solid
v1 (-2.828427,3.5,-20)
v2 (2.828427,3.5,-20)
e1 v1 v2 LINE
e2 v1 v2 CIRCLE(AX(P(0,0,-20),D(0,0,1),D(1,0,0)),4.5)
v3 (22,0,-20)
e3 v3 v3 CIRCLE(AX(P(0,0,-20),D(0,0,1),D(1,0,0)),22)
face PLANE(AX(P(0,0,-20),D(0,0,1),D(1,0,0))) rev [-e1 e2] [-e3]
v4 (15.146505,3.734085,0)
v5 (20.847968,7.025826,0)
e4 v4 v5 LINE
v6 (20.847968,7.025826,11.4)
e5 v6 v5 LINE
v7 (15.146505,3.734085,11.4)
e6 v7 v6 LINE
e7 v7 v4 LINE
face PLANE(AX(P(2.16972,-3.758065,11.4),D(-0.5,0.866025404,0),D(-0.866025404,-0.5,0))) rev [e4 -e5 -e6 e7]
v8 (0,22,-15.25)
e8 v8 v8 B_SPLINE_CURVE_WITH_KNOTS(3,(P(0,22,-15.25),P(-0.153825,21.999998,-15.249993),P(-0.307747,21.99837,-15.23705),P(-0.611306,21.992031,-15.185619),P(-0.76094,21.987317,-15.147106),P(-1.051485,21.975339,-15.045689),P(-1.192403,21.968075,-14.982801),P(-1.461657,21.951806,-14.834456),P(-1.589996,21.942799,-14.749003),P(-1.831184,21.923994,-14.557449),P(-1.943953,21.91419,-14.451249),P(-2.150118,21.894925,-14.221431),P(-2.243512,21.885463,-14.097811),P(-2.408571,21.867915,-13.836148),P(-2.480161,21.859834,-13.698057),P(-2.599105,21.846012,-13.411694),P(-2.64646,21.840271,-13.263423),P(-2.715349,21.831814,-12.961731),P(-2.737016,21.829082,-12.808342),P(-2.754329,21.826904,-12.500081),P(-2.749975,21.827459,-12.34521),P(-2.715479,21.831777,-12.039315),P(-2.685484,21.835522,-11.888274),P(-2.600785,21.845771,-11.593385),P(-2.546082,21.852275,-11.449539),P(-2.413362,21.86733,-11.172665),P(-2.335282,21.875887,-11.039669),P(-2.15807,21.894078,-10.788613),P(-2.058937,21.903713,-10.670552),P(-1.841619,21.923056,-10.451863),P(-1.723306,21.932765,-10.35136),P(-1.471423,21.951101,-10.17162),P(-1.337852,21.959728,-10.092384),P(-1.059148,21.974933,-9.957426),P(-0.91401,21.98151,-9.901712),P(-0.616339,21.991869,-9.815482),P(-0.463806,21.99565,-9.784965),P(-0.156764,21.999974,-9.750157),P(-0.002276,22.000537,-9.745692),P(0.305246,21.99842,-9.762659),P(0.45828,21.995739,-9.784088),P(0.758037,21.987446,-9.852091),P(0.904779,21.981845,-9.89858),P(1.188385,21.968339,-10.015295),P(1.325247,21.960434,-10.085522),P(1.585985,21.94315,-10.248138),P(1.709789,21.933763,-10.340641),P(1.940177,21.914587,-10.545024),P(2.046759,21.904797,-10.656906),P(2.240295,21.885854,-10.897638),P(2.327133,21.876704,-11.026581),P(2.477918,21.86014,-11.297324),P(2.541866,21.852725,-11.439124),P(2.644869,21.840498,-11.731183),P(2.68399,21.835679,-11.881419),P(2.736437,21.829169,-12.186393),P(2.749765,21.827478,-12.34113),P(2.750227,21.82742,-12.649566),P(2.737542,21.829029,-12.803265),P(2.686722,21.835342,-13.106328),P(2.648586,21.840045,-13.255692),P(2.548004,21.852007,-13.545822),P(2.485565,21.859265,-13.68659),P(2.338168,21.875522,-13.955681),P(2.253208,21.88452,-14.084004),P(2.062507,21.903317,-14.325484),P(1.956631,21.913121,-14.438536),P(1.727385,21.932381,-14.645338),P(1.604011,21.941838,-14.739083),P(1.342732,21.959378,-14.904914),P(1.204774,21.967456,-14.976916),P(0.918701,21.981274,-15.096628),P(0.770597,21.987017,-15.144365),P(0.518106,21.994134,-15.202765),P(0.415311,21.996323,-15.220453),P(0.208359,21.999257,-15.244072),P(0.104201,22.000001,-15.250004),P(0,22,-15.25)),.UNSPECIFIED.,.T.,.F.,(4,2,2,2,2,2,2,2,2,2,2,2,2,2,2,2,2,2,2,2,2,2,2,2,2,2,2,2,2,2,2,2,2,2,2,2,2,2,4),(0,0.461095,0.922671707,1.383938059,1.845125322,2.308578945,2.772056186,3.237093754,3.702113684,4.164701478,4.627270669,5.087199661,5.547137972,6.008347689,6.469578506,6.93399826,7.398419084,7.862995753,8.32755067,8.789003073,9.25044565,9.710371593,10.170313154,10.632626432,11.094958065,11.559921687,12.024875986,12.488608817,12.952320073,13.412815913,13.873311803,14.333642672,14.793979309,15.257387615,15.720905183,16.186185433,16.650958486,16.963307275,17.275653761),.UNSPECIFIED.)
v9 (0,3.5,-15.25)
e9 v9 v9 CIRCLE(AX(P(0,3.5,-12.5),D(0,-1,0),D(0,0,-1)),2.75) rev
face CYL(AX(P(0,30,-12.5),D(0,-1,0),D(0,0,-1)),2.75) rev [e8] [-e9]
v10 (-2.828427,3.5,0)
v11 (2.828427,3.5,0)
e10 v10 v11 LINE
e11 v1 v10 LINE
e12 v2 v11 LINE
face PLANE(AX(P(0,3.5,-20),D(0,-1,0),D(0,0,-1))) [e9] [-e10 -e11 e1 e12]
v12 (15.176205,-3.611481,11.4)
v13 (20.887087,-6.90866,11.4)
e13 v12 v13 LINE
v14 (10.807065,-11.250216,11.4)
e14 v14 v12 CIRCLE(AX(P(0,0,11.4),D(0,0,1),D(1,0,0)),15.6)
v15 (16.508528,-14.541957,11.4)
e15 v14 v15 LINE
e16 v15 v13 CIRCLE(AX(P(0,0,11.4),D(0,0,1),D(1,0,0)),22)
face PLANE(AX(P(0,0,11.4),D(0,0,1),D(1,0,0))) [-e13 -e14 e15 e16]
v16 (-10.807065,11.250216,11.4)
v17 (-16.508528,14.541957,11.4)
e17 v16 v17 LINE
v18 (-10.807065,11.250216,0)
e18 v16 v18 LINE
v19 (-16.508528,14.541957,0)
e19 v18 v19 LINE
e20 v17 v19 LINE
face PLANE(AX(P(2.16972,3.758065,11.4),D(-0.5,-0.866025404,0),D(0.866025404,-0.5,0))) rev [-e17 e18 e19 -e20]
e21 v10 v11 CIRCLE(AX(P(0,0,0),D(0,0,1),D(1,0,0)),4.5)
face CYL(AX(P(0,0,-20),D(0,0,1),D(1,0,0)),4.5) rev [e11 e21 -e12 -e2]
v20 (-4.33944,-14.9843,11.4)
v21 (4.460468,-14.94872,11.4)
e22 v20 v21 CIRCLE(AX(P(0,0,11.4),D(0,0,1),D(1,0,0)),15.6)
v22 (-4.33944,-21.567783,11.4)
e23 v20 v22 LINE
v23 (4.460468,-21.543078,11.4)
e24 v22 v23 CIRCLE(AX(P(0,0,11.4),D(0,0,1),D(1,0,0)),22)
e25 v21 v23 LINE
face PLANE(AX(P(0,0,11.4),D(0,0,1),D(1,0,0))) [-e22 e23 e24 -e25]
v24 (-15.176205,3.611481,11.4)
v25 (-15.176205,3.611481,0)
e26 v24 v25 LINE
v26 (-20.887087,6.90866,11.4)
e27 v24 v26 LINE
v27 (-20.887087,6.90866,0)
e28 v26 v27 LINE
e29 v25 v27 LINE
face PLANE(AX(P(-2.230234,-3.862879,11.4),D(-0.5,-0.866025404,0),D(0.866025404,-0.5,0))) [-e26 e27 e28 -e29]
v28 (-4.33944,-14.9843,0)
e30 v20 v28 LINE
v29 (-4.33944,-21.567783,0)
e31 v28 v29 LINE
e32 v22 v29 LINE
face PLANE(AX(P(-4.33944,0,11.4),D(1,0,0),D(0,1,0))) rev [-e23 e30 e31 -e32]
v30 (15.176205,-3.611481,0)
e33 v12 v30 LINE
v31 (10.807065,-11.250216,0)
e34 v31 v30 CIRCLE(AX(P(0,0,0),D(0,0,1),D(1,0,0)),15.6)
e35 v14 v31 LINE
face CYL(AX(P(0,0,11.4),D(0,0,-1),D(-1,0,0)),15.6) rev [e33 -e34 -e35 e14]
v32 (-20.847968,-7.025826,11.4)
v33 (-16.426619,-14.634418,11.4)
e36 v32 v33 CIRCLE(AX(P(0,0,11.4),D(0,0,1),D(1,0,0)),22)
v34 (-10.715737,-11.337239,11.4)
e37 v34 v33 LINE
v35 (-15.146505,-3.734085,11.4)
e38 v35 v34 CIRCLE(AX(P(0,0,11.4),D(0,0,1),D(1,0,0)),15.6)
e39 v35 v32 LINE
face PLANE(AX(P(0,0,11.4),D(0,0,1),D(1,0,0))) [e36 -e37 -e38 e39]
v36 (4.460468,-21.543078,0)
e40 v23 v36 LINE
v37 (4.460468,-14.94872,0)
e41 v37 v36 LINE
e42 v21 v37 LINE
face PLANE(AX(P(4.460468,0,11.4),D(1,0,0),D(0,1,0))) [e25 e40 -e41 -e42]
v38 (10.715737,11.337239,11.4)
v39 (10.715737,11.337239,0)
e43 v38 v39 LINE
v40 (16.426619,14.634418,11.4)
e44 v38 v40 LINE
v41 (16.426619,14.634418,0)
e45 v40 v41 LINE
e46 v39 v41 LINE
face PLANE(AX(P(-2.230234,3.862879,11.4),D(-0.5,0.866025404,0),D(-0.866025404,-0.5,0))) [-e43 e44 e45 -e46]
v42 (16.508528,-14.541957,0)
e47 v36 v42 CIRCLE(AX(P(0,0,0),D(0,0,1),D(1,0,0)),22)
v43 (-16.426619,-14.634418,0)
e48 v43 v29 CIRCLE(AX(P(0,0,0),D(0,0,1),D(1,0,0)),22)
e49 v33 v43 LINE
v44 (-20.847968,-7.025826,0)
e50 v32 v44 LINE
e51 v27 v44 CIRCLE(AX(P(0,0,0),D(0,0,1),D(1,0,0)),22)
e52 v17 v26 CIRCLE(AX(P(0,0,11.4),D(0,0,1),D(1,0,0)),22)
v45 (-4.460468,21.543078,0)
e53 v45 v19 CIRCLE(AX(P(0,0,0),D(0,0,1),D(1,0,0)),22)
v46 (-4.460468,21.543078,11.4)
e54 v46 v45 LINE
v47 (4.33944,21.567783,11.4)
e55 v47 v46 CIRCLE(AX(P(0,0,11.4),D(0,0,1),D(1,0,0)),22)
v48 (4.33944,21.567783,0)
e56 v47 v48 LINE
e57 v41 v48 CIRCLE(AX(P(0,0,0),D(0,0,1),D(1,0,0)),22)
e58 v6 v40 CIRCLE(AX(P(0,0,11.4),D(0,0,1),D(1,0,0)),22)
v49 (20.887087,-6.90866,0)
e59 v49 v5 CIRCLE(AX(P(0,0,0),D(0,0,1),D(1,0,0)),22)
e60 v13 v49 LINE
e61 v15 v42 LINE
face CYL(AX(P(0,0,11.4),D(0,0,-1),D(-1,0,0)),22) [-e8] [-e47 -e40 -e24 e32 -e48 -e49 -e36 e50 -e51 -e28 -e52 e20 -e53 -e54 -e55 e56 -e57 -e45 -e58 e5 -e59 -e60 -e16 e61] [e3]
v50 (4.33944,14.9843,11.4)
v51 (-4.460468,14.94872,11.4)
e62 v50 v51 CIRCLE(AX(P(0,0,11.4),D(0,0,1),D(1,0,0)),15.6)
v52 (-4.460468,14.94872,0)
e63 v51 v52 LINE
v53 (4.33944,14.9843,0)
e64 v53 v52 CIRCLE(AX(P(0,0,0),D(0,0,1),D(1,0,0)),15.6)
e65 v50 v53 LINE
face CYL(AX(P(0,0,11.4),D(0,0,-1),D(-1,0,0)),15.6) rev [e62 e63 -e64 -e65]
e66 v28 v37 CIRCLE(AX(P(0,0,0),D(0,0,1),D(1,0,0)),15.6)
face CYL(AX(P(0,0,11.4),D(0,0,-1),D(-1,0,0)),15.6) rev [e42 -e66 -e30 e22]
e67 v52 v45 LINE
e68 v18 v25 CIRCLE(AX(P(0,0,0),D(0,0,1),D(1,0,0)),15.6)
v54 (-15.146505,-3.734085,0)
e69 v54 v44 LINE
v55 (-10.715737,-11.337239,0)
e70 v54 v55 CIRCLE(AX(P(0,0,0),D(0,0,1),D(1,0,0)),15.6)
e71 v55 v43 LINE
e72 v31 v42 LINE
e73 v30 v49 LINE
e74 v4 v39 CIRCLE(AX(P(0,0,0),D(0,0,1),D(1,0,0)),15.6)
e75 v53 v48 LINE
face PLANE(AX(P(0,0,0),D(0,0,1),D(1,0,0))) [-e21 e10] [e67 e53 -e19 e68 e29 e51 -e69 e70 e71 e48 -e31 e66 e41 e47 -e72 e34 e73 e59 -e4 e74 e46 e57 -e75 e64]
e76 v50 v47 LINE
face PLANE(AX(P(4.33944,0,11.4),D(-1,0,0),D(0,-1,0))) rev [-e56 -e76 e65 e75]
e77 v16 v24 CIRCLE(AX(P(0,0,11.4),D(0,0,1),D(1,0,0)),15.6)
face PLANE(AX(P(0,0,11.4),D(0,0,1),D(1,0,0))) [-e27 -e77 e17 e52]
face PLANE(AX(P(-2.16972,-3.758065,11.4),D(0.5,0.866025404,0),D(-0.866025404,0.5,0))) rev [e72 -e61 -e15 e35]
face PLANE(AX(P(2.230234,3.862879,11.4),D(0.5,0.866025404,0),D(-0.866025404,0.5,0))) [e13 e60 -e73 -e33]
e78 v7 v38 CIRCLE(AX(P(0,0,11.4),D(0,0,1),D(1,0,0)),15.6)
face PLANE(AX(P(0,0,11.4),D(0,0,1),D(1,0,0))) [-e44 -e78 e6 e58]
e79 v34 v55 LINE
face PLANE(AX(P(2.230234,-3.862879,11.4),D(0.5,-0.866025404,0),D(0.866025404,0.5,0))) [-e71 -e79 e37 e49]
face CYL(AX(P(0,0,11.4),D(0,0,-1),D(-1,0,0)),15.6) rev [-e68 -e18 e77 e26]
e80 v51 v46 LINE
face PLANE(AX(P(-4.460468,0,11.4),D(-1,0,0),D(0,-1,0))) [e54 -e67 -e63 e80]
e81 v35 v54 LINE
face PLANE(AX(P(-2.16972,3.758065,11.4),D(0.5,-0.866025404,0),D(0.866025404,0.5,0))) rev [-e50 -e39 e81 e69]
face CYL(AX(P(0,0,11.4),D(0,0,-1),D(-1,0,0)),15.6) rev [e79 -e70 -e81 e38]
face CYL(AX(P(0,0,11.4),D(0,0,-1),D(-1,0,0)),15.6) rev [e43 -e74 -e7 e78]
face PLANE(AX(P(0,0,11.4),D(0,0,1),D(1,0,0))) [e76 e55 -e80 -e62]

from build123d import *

# Parameters (mm, degrees)
BOSS_EXTRUDE1_DEPTH   = 11.4
BOSS_EXTRUDE1_2_DEPTH = 11.4
BOSS_EXTRUDE1_3_DEPTH = 11.4
BOSS_EXTRUDE1_4_DEPTH = 11.4
BOSS_EXTRUDE1_5_DEPTH = 11.4
BOSS_EXTRUDE1_6_DEPTH = 11.4
BOSS_EXTRUDE2_START   = -20
SKETCH1_6_R           = 22
BOSS_EXTRUDE2_DEPTH   = 20
SKETCH2_R             = 2.75
CUT_EXTRUDE1_DEPTH    = 30


with BuildPart() as part:
    # Sketch1 → Boss-Extrude1 (new body)
    with BuildSketch(Plane.XY):
        with BuildLine():
            ThreePointArc((-4.460468257, 14.948719776), (-0.063074903, 15.599872485), (4.339440194, 14.984300411))
            Line((4.339440194, 14.984300411), (4.339440194, 21.56778289))
            ThreePointArc((4.339440194, 21.56778289), (-0.061761858, 21.999913306), (-4.460468257, 21.543078307))
            Line((-4.460468257, 21.543078307), (-4.460468257, 14.948719776))
        make_face()
    extrude(amount=BOSS_EXTRUDE1_DEPTH)



with BuildPart() as body_2:
    # Sketch1 → Boss-Extrude1 2 (new body)
    with BuildSketch(Plane.XY):
        with BuildLine():
            Line((16.426618961, 14.634417977), (10.715736951, 11.337238711))
            ThreePointArc((10.715736951, 11.337238711), (13.478348416, 7.854560711), (15.146504911, 3.734084759))
            Line((15.146504911, 3.734084759), (20.847967983, 7.025825999))
            ThreePointArc((20.847967983, 7.025825999), (19.021602875, 11.053443991), (16.426618961, 14.634417977))
        make_face()
    extrude(amount=BOSS_EXTRUDE1_2_DEPTH)


with BuildPart() as body_3:
    # Sketch1 → Boss-Extrude1 3 (new body)
    with BuildSketch(Plane.XY):
        with BuildLine():
            ThreePointArc((-15.176205208, 3.611481064), (-13.54142332, 7.745311774), (-10.807064717, 11.250215651))
            Line((-10.807064717, 11.250215651), (-16.508527789, 14.541956891))
            ThreePointArc((-16.508527789, 14.541956891), (-19.083364733, 10.946469315), (-20.887087218, 6.90866033))
            Line((-20.887087218, 6.90866033), (-15.176205208, 3.611481064))
        make_face()
    extrude(amount=BOSS_EXTRUDE1_3_DEPTH)


with BuildPart() as body_4:
    # Sketch1 → Boss-Extrude1 4 (new body)
    with BuildSketch(Plane.XY):
        with BuildLine():
            Line((20.887087218, -6.90866033), (15.176205208, -3.611481064))
            ThreePointArc((15.176205208, -3.611481064), (13.54142332, -7.745311774), (10.807064717, -11.250215651))
            Line((10.807064717, -11.250215651), (16.508527789, -14.541956891))
            ThreePointArc((16.508527789, -14.541956891), (19.083364733, -10.946469315), (20.887087218, -6.90866033))
        make_face()
    extrude(amount=BOSS_EXTRUDE1_4_DEPTH)


with BuildPart() as body_5:
    # Sketch1 → Boss-Extrude1 5 (new body)
    with BuildSketch(Plane.XY):
        with BuildLine():
            ThreePointArc((-10.715736951, -11.337238711), (-13.478348416, -7.854560711), (-15.146504911, -3.734084759))
            Line((-15.146504911, -3.734084759), (-20.847967983, -7.025825999))
            ThreePointArc((-20.847967983, -7.025825999), (-19.021602875, -11.053443991), (-16.426618961, -14.634417977))
            Line((-16.426618961, -14.634417977), (-10.715736951, -11.337238711))
        make_face()
    extrude(amount=BOSS_EXTRUDE1_5_DEPTH)


with BuildPart() as body_6:
    # Sketch1 → Boss-Extrude1 6 (new body)
    with BuildSketch(Plane.XY):
        with BuildLine():
            Line((4.460468257, -21.543078307), (4.460468257, -14.948719776))
            ThreePointArc((4.460468257, -14.948719776), (0.063074903, -15.599872485), (-4.339440194, -14.984300411))
            Line((-4.339440194, -14.984300411), (-4.339440194, -21.56778289))
            ThreePointArc((-4.339440194, -21.56778289), (0.061761858, -21.999913306), (4.460468257, -21.543078307))
        make_face()
    extrude(amount=BOSS_EXTRUDE1_6_DEPTH)


with BuildPart() as part_1:
    add(part.part)

    add(body_2.part)  # Boss-Extrude2 merges body 2

    add(body_3.part)  # Boss-Extrude2 merges body 3

    add(body_4.part)  # Boss-Extrude2 merges body 4

    add(body_5.part)  # Boss-Extrude2 merges body 5

    add(body_6.part)  # Boss-Extrude2 merges body 6
    # Sketch1<6> → Boss-Extrude2 (add)
    with BuildSketch(Plane.XY.offset(BOSS_EXTRUDE2_START)):
        Circle(SKETCH1_6_R)
        with BuildLine():
            Line((-2.828427125, 3.5), (2.828427125, 3.5))
            ThreePointArc((2.828427125, 3.5), (0, -4.5), (-2.828427125, 3.5))
        make_face(mode=Mode.SUBTRACT)
    extrude(amount=BOSS_EXTRUDE2_DEPTH)

    # Sketch2 → Cut-Extrude1 (cut)
    with BuildSketch(Plane(origin=(0, 0, 0), x_dir=(1, 0, 0), z_dir=(0, 1, 0))):
        with Locations((0, 12.5)):
            Circle(SKETCH2_R)
    extrude(amount=CUT_EXTRUDE1_DEPTH, mode=Mode.SUBTRACT)


solid = part_1.part
